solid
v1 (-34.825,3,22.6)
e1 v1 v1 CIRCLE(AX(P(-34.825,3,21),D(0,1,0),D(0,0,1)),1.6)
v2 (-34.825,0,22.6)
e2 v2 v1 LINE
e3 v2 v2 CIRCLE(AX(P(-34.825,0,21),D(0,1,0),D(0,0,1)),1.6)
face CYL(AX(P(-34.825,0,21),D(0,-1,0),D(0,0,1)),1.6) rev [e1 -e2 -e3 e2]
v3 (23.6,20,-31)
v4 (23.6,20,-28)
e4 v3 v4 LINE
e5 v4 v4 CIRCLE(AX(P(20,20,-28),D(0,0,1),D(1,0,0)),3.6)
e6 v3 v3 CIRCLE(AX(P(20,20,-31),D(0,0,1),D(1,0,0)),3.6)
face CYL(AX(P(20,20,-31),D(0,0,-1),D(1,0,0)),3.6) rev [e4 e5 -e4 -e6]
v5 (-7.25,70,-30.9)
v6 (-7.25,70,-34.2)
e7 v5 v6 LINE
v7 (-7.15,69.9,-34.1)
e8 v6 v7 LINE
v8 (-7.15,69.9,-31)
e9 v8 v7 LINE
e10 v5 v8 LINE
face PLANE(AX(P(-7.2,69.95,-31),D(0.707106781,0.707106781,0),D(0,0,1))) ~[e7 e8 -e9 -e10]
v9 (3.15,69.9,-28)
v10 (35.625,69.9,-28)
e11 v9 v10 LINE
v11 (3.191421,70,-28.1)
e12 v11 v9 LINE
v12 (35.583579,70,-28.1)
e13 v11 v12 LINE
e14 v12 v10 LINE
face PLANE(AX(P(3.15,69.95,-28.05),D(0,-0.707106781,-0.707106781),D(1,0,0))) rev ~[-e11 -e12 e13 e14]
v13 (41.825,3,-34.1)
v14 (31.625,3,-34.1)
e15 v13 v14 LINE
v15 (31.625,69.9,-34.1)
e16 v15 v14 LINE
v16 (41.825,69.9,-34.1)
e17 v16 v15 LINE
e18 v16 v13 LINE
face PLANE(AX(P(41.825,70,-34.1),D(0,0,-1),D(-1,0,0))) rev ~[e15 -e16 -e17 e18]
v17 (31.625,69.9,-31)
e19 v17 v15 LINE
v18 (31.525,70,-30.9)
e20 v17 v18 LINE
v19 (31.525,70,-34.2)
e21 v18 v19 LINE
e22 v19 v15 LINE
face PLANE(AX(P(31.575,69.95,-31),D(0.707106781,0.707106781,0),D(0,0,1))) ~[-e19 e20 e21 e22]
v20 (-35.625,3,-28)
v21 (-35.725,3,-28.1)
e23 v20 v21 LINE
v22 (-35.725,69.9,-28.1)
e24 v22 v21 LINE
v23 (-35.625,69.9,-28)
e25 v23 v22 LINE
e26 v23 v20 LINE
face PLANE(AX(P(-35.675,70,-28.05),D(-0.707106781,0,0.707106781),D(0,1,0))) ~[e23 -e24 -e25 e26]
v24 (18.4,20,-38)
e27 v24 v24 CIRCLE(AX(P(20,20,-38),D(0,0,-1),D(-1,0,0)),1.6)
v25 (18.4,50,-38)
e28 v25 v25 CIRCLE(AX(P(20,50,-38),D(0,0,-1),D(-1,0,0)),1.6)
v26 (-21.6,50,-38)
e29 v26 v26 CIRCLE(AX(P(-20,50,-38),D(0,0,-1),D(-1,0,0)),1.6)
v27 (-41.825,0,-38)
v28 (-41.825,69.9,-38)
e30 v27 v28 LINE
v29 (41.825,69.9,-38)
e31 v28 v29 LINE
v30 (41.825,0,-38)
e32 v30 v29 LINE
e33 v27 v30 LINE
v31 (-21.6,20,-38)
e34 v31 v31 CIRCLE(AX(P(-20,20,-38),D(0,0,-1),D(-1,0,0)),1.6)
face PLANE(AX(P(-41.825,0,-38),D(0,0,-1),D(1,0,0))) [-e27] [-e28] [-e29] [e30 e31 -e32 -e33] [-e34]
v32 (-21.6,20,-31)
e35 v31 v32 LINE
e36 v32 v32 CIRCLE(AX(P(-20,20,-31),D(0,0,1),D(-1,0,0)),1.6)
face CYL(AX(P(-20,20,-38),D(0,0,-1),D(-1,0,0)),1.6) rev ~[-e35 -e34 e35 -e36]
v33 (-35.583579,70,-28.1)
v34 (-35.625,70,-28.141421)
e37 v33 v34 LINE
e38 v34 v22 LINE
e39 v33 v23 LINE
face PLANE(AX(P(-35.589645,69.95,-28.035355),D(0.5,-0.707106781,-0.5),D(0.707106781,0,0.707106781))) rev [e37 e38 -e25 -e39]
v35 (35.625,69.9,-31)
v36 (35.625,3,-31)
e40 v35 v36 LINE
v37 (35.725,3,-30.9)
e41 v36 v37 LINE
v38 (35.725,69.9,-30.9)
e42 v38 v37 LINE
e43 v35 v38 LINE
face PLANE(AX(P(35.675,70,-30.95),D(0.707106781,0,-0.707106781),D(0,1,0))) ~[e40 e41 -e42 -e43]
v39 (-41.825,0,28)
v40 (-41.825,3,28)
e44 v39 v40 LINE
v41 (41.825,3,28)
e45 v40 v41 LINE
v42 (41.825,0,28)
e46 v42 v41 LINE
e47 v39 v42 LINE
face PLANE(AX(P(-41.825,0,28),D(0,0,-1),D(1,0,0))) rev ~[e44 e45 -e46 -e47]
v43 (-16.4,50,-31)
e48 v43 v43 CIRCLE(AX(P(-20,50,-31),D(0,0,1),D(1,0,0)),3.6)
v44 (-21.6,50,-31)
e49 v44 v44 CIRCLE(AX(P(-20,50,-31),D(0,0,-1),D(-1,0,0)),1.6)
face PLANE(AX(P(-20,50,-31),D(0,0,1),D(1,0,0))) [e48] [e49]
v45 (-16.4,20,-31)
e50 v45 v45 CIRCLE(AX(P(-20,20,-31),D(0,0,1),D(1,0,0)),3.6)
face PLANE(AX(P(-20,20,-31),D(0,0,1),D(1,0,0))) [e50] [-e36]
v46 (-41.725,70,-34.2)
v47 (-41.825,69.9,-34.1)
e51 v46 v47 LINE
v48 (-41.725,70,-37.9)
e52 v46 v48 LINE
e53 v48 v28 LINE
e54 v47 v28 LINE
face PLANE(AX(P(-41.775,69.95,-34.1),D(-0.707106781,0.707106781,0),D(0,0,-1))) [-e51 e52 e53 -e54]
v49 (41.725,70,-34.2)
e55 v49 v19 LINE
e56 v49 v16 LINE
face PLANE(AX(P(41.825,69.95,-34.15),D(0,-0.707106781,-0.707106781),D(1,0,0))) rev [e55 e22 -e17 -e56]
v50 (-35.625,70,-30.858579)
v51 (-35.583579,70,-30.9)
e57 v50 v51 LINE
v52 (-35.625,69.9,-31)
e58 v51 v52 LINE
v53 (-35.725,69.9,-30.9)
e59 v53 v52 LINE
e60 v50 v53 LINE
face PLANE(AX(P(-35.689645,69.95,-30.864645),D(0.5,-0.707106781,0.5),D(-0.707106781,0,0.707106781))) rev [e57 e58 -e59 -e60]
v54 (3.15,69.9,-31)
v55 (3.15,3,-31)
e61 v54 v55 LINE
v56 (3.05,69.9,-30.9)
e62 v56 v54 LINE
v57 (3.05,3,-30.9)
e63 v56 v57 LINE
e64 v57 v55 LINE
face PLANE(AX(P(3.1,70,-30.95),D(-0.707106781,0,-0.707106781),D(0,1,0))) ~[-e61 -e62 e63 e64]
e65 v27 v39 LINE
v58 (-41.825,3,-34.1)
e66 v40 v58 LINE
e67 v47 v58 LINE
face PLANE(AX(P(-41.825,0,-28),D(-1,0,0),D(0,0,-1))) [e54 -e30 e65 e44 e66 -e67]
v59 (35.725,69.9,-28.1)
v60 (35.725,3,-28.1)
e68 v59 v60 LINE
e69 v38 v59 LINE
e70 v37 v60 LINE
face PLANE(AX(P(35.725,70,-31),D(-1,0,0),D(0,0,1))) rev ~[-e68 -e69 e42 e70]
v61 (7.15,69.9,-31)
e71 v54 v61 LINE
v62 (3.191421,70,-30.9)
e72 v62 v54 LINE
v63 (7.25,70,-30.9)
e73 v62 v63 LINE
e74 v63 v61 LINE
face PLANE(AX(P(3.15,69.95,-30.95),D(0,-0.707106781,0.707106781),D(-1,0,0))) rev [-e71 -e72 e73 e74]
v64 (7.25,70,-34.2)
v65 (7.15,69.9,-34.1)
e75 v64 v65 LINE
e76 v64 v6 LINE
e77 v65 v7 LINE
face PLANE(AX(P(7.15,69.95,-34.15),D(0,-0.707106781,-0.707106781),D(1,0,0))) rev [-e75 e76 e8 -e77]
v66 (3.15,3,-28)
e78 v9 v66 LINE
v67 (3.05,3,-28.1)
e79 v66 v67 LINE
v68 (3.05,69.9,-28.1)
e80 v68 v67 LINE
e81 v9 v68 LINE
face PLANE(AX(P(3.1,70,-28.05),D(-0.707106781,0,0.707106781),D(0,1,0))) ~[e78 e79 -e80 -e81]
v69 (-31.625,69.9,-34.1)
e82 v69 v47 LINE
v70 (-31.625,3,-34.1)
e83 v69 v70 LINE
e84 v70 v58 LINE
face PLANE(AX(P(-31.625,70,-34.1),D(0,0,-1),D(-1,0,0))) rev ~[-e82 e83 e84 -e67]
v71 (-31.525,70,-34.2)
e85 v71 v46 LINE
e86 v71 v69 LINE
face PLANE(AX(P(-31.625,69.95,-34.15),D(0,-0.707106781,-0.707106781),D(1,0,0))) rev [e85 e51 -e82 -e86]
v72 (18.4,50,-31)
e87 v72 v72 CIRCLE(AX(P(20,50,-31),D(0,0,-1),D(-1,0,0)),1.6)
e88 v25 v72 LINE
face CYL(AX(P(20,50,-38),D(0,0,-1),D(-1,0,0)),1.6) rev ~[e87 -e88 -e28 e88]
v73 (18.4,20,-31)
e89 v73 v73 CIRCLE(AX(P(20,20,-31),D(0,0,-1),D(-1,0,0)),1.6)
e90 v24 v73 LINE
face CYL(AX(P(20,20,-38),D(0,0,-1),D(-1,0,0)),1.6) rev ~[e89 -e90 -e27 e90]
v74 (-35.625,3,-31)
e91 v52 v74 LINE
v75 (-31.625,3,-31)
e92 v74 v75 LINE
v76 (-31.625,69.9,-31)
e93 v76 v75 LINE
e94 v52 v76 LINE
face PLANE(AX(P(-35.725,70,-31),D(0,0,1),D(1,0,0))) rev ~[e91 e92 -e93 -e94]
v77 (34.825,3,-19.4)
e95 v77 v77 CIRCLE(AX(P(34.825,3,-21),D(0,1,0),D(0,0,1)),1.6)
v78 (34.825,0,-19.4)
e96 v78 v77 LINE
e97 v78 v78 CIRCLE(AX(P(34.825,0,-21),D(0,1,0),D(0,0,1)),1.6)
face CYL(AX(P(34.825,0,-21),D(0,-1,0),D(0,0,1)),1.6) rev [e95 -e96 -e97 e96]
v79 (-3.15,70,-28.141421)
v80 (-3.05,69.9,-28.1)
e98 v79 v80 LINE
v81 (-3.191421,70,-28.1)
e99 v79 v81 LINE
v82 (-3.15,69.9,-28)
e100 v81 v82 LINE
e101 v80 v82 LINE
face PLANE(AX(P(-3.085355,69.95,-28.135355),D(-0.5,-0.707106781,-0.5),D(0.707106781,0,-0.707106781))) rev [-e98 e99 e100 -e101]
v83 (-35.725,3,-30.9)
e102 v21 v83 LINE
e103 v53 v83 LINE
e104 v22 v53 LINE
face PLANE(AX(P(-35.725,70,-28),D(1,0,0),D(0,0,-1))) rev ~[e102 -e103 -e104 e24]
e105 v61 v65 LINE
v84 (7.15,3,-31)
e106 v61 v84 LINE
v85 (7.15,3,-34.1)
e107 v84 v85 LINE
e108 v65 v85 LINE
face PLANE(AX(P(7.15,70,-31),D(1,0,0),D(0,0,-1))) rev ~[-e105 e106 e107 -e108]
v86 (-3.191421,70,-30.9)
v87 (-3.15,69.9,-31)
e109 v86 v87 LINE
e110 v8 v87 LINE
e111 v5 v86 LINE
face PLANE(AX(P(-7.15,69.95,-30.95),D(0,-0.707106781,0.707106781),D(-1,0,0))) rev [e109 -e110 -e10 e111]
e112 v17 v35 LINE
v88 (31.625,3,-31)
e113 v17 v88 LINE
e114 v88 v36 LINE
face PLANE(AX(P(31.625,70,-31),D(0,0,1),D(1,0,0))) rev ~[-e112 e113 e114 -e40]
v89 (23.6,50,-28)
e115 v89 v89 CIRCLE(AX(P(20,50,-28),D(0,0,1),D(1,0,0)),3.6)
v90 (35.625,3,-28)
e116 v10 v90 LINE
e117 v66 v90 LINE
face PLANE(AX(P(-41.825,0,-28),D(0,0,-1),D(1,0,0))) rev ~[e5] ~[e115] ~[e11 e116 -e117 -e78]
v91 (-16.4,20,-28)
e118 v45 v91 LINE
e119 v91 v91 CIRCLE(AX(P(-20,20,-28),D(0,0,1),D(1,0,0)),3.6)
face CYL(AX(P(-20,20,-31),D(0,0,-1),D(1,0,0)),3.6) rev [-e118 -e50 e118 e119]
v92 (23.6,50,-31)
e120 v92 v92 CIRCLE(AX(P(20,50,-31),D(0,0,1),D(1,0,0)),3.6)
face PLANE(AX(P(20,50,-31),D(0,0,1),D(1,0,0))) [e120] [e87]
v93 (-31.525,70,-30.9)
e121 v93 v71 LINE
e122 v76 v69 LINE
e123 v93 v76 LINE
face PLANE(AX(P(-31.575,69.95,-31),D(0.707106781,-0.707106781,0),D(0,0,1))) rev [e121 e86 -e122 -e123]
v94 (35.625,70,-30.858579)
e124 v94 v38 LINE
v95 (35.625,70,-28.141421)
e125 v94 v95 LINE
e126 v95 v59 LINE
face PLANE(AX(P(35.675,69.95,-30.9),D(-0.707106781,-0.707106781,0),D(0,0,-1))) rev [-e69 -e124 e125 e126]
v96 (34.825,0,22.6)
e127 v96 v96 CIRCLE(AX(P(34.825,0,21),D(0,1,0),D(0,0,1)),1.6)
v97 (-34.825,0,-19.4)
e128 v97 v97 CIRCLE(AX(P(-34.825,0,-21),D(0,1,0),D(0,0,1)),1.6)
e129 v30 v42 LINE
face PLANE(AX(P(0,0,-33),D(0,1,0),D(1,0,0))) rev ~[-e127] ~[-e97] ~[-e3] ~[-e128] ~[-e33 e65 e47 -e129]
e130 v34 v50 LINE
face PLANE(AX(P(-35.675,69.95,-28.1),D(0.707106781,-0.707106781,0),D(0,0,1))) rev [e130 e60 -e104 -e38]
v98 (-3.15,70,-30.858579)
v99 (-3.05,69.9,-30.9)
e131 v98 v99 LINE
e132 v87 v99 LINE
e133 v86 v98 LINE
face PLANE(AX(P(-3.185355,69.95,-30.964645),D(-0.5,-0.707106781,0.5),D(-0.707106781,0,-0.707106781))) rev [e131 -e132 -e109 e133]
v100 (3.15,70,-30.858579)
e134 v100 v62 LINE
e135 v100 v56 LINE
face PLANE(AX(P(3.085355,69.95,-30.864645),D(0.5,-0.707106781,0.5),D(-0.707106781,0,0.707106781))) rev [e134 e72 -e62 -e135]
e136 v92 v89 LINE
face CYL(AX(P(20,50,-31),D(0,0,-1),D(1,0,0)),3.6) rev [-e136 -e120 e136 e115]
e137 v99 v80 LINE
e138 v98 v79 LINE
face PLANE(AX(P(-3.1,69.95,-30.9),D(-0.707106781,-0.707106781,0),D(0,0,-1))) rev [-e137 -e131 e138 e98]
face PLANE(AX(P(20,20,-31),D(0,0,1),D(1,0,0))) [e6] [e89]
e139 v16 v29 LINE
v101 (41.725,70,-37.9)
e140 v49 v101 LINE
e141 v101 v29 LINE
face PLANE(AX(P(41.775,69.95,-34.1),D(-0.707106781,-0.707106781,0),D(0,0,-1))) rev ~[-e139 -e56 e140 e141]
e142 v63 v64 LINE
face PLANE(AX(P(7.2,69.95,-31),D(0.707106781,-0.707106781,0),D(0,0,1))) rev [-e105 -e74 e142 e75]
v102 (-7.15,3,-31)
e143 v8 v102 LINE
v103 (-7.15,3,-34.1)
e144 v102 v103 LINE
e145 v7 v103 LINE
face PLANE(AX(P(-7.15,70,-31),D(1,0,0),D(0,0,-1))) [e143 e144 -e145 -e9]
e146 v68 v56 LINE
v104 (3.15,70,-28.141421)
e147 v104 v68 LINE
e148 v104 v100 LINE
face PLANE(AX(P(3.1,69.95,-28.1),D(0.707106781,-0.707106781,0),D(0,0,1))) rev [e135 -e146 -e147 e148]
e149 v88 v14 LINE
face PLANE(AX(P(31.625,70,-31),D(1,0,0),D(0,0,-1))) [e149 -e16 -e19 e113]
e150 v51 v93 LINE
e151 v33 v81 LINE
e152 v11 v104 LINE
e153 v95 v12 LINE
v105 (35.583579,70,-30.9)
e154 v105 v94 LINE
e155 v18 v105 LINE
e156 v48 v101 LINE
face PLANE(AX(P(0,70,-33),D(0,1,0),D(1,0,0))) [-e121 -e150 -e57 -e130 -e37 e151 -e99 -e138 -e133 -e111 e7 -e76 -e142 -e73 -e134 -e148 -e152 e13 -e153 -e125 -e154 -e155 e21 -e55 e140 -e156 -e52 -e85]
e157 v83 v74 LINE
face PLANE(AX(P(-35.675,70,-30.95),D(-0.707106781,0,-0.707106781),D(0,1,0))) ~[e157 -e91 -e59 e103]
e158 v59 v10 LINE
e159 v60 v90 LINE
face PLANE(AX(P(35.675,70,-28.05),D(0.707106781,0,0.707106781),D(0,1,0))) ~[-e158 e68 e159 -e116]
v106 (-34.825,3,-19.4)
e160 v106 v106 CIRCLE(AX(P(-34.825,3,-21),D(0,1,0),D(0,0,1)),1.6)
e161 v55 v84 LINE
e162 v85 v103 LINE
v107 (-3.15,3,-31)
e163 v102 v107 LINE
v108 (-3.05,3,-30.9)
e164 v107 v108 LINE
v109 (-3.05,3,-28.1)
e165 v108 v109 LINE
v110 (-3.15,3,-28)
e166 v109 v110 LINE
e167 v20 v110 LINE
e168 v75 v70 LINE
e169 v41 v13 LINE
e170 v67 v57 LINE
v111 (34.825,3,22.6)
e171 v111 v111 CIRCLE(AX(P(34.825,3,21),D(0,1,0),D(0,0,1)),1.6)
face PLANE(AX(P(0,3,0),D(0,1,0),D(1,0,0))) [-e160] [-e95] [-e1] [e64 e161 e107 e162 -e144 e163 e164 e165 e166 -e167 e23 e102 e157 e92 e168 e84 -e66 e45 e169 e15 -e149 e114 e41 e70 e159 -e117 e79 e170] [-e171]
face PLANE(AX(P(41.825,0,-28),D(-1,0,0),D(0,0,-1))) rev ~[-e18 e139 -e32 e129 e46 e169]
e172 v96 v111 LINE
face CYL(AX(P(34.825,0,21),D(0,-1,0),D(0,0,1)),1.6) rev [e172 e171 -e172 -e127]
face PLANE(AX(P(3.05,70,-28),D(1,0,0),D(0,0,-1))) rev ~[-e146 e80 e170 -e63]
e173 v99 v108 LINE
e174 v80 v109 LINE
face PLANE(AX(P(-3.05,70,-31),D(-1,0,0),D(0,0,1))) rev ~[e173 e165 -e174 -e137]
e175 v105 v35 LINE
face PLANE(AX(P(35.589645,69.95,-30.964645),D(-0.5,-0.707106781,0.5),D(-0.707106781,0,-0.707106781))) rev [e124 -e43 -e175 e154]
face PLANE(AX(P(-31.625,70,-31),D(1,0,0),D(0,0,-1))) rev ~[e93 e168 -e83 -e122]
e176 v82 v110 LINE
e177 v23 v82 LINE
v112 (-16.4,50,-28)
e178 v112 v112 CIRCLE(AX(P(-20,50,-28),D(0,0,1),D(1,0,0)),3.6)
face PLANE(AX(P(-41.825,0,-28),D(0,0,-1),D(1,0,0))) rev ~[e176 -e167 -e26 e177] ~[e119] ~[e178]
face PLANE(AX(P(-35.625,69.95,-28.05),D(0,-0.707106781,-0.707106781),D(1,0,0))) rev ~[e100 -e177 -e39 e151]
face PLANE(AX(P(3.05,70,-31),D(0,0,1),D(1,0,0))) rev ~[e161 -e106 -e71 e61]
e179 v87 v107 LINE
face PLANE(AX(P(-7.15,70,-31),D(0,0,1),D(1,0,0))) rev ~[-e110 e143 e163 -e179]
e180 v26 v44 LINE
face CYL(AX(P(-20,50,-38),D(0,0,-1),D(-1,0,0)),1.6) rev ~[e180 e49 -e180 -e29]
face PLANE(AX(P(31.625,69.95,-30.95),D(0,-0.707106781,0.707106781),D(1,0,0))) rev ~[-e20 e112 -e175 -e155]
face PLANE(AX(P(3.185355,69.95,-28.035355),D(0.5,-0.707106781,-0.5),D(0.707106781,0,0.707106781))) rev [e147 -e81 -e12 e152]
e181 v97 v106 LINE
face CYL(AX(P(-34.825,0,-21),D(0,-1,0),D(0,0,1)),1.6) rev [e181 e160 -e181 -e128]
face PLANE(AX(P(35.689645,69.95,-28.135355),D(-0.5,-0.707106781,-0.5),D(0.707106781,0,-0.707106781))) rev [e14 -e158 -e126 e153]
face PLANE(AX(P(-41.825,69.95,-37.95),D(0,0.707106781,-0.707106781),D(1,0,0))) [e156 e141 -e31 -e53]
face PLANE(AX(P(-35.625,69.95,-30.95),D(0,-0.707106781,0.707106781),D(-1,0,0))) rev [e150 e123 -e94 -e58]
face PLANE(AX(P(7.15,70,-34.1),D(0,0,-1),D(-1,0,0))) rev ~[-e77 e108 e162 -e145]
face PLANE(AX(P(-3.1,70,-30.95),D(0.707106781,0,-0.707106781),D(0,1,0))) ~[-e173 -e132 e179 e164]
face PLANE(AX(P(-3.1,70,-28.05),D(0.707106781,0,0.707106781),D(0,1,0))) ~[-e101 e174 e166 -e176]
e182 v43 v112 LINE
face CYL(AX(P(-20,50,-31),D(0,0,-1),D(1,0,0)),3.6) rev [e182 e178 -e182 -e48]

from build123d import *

# Parameters (mm, degrees)
SKETCH1_W           = 83.65
SKETCH1_H           = 56
SKETCH1_R           = 1.6
BOSS_EXTRUDE1_DEPTH = 3
SKETCH2_W           = 83.65
SKETCH2_H           = 10
BOSS_EXTRUDE2_DEPTH = 70
SKETCH3_W           = 4.1
SKETCH3_H           = 3.1
CUT_EXTRUDE1_DEPTH  = 67
CHAMFER1_SIZE       = 0.1
CHAMFER2_SIZE       = 0.1
SKETCH4_R           = 1.6
CUT_EXTRUDE2_DEPTH  = 10
CUT_EXTRUDE3_START  = -3
SKETCH5_R           = 3.6
SKETCH5_R_2         = 1.6
CUT_EXTRUDE3_DEPTH  = 3


with BuildPart() as part:
    # Sketch1 → Boss-Extrude1 (new body)
    with BuildSketch(Plane(origin=(0, 0, 0), x_dir=(1, 0, 0), z_dir=(0, 1, 0))):
        Rectangle(SKETCH1_W, SKETCH1_H)
        with Locations(Location((-34.825, -21, 0), (0, 0, 270))):
            Circle(SKETCH1_R, mode=Mode.SUBTRACT)
        with Locations(Location((34.825, -21, 0), (0, 0, 270))):
            Circle(SKETCH1_R, mode=Mode.SUBTRACT)
        with Locations(Location((34.825, 21, 0), (0, 0, 270))):
            Circle(SKETCH1_R, mode=Mode.SUBTRACT)
        with Locations(Location((-34.825, 21, 0), (0, 0, 270))):
            Circle(SKETCH1_R, mode=Mode.SUBTRACT)
    extrude(amount=BOSS_EXTRUDE1_DEPTH)

    # Sketch2 → Boss-Extrude2 (add)
    with BuildSketch(Plane(origin=(0, 0, 0), x_dir=(1, 0, 0), z_dir=(0, 1, 0))):
        with Locations((0, 33)):
            Rectangle(SKETCH2_W, SKETCH2_H)
    extrude(amount=BOSS_EXTRUDE2_DEPTH)

    # Sketch3 → Cut-Extrude1 (cut)
    with BuildSketch(Plane(origin=(0, 70, 0), x_dir=(1, 0, 0), z_dir=(0, 1, 0))):
        Polygon((-3.05, 31), (-3.05, 28), (3.05, 28), (3.05, 31), (3.05, 34.1), (-3.05, 34.1), align=None)
        with Locations((-5.1, 32.55)):
            Rectangle(SKETCH3_W, SKETCH3_H)
        with Locations((5.1, 32.55)):
            Rectangle(SKETCH3_W, SKETCH3_H)
        with Locations((33.675, 32.55)):
            Rectangle(SKETCH3_W, SKETCH3_H)
        Polygon((35.725, 31), (35.725, 28), (41.825, 28), (41.825, 34.1), (35.725, 34.1), align=None)
        with Locations((-33.675, 32.55)):
            Rectangle(SKETCH3_W, SKETCH3_H)
        Polygon((-35.725, 31), (-35.725, 34.1), (-41.825, 34.1), (-41.825, 28), (-35.725, 28), align=None)
    extrude(amount=-CUT_EXTRUDE1_DEPTH, mode=Mode.SUBTRACT)

    # Chamfer1
    chamfer1_edges = [part.edges().sort_by_distance(p)[0] for p in [
        (3.05, 36.5, -31),
        (3.05, 36.5, -28),
        (-3.05, 36.5, -28),
        (-3.05, 36.5, -31),
        (35.725, 36.5, -28),
        (35.725, 36.5, -31),
        (-35.725, 36.5, -28),
        (-35.725, 36.5, -31),
    ]]
    chamfer(chamfer1_edges, length=CHAMFER1_SIZE)

    # Chamfer2
    chamfer2_edges = [part.edges().sort_by_distance(p)[0] for p in [
        (-35.725, 70, -29.5),
        (19.3875, 70, -28),
        (35.725, 70, -29.5),
        (-19.3875, 70, -28),
        (-3.05, 70, -29.5),
        (-5.15, 70, -31),
        (5.15, 70, -31),
        (3.05, 70, -29.5),
        (-3.1, 70, -28.05),
        (-3.1, 70, -30.95),
        (35.675, 70, -28.05),
        (35.675, 70, -30.95),
        (3.1, 70, -28.05),
        (3.1, 70, -30.95),
        (-35.675, 70, -30.95),
        (-35.675, 70, -28.05),
        (-41.825, 70, -36.05),
        (0, 70, -38),
        (-7.15, 70, -32.55),
        (0, 70, -34.1),
        (7.15, 70, -32.55),
        (41.825, 70, -36.05),
        (33.625, 70, -31),
        (36.725, 70, -34.1),
        (31.625, 70, -32.55),
        (-31.625, 70, -32.55),
        (-36.725, 70, -34.1),
        (-33.625, 70, -31),
    ]]
    chamfer(chamfer2_edges, length=CHAMFER2_SIZE)

    # Sketch4 → Cut-Extrude2 (cut)
    with BuildSketch(Plane(origin=(0, 0, -38), x_dir=(-1, 0, 0), z_dir=(0, 0, -1))):
        with Locations((-20, 20)):
            Circle(SKETCH4_R)
        with Locations((-20, 50)):
            Circle(SKETCH4_R)
        with Locations((20, 20)):
            Circle(SKETCH4_R)
        with Locations((20, 50)):
            Circle(SKETCH4_R)
    extrude(amount=-CUT_EXTRUDE2_DEPTH, mode=Mode.SUBTRACT)

    # Sketch5 → Cut-Extrude3 (cut)
    # profile 1 of 4: a face of its own
    with BuildSketch(Plane.XY.offset(-28).offset(CUT_EXTRUDE3_START)):
        with Locations((-20, 20)):
            Circle(SKETCH5_R)
        with Locations((-20, 20)):
            Circle(SKETCH5_R_2, mode=Mode.SUBTRACT)
    # profile 2 of 4: a face of its own
    with BuildSketch(Plane.XY.offset(-28).offset(CUT_EXTRUDE3_START)):
        with Locations((20, 20)):
            Circle(SKETCH5_R)
    # profile 3 of 4: a face of its own
    with BuildSketch(Plane.XY.offset(-28).offset(CUT_EXTRUDE3_START)):
        with Locations((20, 50)):
            Circle(SKETCH5_R)
    # profile 4 of 4: a face of its own
    with BuildSketch(Plane.XY.offset(-28).offset(CUT_EXTRUDE3_START)):
        with Locations((-20, 50)):
            Circle(SKETCH5_R)
    extrude(amount=CUT_EXTRUDE3_DEPTH, mode=Mode.SUBTRACT)


solid = part.part
